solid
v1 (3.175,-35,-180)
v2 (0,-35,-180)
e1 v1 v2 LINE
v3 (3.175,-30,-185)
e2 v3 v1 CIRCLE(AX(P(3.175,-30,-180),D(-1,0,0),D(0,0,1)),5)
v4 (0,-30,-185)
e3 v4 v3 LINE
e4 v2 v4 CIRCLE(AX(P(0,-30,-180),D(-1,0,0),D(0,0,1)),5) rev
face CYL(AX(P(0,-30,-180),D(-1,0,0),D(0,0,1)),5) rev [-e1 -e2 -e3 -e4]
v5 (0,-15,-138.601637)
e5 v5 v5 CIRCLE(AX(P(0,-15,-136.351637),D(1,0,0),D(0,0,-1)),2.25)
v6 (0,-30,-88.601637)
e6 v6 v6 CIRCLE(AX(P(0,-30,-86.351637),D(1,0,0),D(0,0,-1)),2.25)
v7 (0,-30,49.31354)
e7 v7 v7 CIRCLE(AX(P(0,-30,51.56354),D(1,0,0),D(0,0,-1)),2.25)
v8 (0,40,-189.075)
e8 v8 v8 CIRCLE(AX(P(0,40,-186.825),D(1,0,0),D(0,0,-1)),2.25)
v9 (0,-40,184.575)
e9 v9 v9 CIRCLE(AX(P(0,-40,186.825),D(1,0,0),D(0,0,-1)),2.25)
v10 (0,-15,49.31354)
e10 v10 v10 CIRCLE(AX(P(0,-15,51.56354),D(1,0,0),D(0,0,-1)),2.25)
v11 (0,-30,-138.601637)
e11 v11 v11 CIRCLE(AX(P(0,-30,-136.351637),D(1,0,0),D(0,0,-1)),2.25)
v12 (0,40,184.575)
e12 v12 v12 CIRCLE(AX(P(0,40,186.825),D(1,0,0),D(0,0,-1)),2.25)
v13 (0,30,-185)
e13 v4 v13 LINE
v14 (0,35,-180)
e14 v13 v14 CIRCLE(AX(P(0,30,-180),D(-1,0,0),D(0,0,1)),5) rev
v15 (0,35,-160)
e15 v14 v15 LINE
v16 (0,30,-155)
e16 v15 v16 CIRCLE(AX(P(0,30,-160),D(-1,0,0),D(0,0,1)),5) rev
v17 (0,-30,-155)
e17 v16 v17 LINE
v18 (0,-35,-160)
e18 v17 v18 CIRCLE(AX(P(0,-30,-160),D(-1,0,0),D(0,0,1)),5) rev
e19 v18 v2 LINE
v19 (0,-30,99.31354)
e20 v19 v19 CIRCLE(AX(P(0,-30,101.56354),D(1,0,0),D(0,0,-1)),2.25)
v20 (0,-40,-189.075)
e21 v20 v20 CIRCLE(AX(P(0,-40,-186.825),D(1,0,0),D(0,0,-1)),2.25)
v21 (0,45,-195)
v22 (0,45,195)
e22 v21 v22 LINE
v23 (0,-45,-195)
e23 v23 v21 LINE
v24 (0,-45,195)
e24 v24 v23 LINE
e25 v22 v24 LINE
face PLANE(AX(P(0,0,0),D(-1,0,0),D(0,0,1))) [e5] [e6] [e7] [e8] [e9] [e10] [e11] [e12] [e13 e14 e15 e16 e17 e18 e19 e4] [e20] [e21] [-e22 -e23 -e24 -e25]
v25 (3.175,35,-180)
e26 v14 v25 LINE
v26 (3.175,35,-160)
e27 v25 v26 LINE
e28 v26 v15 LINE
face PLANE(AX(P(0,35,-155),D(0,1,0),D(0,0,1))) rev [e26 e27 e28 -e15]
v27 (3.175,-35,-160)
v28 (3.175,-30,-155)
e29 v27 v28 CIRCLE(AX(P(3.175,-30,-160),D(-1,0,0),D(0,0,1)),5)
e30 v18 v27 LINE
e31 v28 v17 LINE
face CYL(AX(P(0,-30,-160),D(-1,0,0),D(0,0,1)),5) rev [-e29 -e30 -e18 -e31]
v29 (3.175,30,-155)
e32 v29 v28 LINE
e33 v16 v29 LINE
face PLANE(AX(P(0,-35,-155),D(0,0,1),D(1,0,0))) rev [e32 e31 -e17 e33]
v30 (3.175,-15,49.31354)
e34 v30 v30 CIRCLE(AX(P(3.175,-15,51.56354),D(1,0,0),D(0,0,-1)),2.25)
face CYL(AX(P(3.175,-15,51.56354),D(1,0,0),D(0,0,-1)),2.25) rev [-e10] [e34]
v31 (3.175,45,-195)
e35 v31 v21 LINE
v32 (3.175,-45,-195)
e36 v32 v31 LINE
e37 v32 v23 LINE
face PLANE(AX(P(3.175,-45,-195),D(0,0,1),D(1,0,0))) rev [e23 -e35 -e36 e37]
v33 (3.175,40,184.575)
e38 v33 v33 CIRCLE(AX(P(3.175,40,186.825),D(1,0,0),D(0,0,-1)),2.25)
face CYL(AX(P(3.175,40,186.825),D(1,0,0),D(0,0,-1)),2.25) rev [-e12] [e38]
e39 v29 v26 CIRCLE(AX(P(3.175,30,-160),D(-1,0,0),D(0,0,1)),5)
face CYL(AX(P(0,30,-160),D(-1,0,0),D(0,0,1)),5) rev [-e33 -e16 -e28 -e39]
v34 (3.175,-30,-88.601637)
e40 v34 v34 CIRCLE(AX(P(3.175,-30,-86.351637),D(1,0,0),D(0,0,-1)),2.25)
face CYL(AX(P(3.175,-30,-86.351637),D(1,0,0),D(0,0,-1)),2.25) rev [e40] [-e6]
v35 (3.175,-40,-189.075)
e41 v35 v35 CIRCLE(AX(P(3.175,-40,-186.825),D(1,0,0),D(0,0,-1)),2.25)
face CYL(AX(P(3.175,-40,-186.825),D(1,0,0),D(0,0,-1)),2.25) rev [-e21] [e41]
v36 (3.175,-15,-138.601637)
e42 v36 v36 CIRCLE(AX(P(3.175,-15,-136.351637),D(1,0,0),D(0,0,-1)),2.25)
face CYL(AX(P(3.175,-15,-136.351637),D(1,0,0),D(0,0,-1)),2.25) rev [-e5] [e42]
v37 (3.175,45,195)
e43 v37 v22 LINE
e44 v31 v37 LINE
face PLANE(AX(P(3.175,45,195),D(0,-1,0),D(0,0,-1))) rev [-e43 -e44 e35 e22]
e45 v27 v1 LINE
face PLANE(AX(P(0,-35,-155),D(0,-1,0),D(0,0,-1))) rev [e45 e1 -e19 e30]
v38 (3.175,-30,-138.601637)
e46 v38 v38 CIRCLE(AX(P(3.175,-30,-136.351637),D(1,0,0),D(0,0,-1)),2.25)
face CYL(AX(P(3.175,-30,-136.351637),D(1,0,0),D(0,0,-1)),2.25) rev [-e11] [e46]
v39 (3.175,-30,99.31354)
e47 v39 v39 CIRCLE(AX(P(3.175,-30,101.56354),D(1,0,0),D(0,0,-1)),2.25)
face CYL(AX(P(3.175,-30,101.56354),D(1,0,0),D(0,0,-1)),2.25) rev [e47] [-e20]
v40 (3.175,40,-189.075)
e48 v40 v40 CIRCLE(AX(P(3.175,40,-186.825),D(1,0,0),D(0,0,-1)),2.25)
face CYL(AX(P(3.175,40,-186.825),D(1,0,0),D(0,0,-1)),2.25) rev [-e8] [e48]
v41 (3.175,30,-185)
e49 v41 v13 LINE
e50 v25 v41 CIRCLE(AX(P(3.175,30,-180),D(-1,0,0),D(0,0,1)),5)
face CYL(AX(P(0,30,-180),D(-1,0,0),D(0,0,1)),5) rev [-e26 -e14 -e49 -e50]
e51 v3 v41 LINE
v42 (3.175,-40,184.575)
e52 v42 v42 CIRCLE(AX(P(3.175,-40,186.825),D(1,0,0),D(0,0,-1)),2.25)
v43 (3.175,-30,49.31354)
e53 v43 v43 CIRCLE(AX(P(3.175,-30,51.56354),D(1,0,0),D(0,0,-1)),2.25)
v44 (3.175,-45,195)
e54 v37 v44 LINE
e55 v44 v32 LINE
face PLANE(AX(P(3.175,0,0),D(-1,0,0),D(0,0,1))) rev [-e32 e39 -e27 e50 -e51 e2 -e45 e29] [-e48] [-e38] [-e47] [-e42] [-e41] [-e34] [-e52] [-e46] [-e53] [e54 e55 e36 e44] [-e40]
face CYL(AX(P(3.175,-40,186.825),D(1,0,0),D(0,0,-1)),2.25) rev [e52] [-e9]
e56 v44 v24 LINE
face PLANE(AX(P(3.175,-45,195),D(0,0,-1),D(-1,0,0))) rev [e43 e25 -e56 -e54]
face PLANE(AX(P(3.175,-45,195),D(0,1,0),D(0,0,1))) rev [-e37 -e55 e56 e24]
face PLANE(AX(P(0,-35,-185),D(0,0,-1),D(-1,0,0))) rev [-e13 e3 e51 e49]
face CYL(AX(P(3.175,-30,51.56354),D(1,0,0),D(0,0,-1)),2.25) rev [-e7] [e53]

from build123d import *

# Parameters (mm, degrees)
SKETCH1_W                            = 390
SKETCH1_H                            = 90
BOSS_EXTRUDE1_DEPTH                  = 3.175
M4_CLEARANCE_HOLE1_D                 = 4.5
SKETCH4_W                            = 30
SKETCH4_H                            = 70
CUT_EXTRUDE1_DEPTH                   = 201.150145204
FILLET1_R                            = 5
M4_CLEARANCE_HOLE2_D                 = 4.5
MIRROR1_AT_THE_SECOND_PLANE_COPY_1_D = 4.5


with BuildPart() as part:
    # Sketch1 → Boss-Extrude1 (new body)
    with BuildSketch(Plane(origin=(0, 0, 0), x_dir=(0, 0, -1), z_dir=(1, 0, 0))):
        Rectangle(SKETCH1_W, SKETCH1_H)
    extrude(amount=BOSS_EXTRUDE1_DEPTH)

    # M4 Clearance Hole1 (through all)
    with Locations(Plane(origin=(3.175, 0, 0), x_dir=(0, 0, -1), z_dir=(1, 0, 0))):
        with Locations((136.351636823, -15), (-101.563539669, -30), (-51.563539669, -30), (-51.563539669, -15), (86.351636823, -30), (136.351636823, -30)):
            Hole(M4_CLEARANCE_HOLE1_D / 2)

    # Sketch4 → Cut-Extrude1 (cut, through all)
    with BuildSketch(Plane(origin=(3.175, 0, 0), x_dir=(0, 0, -1), z_dir=(1, 0, 0))):
        with Locations((170, 0)):
            Rectangle(SKETCH4_W, SKETCH4_H)
    extrude(amount=-CUT_EXTRUDE1_DEPTH, mode=Mode.SUBTRACT)

    # Fillet1
    fillet1_edges = [part.edges().sort_by_distance(p)[0] for p in [
        (1.5875, 35, -185),
        (1.5875, -35, -185),
        (1.5875, -35, -155),
        (1.5875, 35, -155),
    ]]
    fillet(fillet1_edges, radius=FILLET1_R)

    # M4 Clearance Hole2 (through all)
    with Locations(Plane(origin=(3.175, 0, 0), x_dir=(0, 0, -1), z_dir=(1, 0, 0))):
        with Locations((-186.825, -40)):
            m4_clearance_hole2 = Hole(M4_CLEARANCE_HOLE2_D / 2)

    # Mirror1: M4 Clearance Hole2 across plane
    add(m4_clearance_hole2.mirror(Plane.XY), mode=Mode.SUBTRACT)

    # Mirror1 at the second plane: M4 Clearance Hole2 across plane
    add(m4_clearance_hole2.mirror(Plane.ZX), mode=Mode.SUBTRACT)

    # Mirror1 at the second plane copy 1 (through all)
    with Locations(Plane(origin=(3.175, 0, 0), x_dir=(0, 0, 1), z_dir=(1, 0, 0))):
        with Locations((-186.825, -40)):
            Hole(MIRROR1_AT_THE_SECOND_PLANE_COPY_1_D / 2)


solid = part.part
